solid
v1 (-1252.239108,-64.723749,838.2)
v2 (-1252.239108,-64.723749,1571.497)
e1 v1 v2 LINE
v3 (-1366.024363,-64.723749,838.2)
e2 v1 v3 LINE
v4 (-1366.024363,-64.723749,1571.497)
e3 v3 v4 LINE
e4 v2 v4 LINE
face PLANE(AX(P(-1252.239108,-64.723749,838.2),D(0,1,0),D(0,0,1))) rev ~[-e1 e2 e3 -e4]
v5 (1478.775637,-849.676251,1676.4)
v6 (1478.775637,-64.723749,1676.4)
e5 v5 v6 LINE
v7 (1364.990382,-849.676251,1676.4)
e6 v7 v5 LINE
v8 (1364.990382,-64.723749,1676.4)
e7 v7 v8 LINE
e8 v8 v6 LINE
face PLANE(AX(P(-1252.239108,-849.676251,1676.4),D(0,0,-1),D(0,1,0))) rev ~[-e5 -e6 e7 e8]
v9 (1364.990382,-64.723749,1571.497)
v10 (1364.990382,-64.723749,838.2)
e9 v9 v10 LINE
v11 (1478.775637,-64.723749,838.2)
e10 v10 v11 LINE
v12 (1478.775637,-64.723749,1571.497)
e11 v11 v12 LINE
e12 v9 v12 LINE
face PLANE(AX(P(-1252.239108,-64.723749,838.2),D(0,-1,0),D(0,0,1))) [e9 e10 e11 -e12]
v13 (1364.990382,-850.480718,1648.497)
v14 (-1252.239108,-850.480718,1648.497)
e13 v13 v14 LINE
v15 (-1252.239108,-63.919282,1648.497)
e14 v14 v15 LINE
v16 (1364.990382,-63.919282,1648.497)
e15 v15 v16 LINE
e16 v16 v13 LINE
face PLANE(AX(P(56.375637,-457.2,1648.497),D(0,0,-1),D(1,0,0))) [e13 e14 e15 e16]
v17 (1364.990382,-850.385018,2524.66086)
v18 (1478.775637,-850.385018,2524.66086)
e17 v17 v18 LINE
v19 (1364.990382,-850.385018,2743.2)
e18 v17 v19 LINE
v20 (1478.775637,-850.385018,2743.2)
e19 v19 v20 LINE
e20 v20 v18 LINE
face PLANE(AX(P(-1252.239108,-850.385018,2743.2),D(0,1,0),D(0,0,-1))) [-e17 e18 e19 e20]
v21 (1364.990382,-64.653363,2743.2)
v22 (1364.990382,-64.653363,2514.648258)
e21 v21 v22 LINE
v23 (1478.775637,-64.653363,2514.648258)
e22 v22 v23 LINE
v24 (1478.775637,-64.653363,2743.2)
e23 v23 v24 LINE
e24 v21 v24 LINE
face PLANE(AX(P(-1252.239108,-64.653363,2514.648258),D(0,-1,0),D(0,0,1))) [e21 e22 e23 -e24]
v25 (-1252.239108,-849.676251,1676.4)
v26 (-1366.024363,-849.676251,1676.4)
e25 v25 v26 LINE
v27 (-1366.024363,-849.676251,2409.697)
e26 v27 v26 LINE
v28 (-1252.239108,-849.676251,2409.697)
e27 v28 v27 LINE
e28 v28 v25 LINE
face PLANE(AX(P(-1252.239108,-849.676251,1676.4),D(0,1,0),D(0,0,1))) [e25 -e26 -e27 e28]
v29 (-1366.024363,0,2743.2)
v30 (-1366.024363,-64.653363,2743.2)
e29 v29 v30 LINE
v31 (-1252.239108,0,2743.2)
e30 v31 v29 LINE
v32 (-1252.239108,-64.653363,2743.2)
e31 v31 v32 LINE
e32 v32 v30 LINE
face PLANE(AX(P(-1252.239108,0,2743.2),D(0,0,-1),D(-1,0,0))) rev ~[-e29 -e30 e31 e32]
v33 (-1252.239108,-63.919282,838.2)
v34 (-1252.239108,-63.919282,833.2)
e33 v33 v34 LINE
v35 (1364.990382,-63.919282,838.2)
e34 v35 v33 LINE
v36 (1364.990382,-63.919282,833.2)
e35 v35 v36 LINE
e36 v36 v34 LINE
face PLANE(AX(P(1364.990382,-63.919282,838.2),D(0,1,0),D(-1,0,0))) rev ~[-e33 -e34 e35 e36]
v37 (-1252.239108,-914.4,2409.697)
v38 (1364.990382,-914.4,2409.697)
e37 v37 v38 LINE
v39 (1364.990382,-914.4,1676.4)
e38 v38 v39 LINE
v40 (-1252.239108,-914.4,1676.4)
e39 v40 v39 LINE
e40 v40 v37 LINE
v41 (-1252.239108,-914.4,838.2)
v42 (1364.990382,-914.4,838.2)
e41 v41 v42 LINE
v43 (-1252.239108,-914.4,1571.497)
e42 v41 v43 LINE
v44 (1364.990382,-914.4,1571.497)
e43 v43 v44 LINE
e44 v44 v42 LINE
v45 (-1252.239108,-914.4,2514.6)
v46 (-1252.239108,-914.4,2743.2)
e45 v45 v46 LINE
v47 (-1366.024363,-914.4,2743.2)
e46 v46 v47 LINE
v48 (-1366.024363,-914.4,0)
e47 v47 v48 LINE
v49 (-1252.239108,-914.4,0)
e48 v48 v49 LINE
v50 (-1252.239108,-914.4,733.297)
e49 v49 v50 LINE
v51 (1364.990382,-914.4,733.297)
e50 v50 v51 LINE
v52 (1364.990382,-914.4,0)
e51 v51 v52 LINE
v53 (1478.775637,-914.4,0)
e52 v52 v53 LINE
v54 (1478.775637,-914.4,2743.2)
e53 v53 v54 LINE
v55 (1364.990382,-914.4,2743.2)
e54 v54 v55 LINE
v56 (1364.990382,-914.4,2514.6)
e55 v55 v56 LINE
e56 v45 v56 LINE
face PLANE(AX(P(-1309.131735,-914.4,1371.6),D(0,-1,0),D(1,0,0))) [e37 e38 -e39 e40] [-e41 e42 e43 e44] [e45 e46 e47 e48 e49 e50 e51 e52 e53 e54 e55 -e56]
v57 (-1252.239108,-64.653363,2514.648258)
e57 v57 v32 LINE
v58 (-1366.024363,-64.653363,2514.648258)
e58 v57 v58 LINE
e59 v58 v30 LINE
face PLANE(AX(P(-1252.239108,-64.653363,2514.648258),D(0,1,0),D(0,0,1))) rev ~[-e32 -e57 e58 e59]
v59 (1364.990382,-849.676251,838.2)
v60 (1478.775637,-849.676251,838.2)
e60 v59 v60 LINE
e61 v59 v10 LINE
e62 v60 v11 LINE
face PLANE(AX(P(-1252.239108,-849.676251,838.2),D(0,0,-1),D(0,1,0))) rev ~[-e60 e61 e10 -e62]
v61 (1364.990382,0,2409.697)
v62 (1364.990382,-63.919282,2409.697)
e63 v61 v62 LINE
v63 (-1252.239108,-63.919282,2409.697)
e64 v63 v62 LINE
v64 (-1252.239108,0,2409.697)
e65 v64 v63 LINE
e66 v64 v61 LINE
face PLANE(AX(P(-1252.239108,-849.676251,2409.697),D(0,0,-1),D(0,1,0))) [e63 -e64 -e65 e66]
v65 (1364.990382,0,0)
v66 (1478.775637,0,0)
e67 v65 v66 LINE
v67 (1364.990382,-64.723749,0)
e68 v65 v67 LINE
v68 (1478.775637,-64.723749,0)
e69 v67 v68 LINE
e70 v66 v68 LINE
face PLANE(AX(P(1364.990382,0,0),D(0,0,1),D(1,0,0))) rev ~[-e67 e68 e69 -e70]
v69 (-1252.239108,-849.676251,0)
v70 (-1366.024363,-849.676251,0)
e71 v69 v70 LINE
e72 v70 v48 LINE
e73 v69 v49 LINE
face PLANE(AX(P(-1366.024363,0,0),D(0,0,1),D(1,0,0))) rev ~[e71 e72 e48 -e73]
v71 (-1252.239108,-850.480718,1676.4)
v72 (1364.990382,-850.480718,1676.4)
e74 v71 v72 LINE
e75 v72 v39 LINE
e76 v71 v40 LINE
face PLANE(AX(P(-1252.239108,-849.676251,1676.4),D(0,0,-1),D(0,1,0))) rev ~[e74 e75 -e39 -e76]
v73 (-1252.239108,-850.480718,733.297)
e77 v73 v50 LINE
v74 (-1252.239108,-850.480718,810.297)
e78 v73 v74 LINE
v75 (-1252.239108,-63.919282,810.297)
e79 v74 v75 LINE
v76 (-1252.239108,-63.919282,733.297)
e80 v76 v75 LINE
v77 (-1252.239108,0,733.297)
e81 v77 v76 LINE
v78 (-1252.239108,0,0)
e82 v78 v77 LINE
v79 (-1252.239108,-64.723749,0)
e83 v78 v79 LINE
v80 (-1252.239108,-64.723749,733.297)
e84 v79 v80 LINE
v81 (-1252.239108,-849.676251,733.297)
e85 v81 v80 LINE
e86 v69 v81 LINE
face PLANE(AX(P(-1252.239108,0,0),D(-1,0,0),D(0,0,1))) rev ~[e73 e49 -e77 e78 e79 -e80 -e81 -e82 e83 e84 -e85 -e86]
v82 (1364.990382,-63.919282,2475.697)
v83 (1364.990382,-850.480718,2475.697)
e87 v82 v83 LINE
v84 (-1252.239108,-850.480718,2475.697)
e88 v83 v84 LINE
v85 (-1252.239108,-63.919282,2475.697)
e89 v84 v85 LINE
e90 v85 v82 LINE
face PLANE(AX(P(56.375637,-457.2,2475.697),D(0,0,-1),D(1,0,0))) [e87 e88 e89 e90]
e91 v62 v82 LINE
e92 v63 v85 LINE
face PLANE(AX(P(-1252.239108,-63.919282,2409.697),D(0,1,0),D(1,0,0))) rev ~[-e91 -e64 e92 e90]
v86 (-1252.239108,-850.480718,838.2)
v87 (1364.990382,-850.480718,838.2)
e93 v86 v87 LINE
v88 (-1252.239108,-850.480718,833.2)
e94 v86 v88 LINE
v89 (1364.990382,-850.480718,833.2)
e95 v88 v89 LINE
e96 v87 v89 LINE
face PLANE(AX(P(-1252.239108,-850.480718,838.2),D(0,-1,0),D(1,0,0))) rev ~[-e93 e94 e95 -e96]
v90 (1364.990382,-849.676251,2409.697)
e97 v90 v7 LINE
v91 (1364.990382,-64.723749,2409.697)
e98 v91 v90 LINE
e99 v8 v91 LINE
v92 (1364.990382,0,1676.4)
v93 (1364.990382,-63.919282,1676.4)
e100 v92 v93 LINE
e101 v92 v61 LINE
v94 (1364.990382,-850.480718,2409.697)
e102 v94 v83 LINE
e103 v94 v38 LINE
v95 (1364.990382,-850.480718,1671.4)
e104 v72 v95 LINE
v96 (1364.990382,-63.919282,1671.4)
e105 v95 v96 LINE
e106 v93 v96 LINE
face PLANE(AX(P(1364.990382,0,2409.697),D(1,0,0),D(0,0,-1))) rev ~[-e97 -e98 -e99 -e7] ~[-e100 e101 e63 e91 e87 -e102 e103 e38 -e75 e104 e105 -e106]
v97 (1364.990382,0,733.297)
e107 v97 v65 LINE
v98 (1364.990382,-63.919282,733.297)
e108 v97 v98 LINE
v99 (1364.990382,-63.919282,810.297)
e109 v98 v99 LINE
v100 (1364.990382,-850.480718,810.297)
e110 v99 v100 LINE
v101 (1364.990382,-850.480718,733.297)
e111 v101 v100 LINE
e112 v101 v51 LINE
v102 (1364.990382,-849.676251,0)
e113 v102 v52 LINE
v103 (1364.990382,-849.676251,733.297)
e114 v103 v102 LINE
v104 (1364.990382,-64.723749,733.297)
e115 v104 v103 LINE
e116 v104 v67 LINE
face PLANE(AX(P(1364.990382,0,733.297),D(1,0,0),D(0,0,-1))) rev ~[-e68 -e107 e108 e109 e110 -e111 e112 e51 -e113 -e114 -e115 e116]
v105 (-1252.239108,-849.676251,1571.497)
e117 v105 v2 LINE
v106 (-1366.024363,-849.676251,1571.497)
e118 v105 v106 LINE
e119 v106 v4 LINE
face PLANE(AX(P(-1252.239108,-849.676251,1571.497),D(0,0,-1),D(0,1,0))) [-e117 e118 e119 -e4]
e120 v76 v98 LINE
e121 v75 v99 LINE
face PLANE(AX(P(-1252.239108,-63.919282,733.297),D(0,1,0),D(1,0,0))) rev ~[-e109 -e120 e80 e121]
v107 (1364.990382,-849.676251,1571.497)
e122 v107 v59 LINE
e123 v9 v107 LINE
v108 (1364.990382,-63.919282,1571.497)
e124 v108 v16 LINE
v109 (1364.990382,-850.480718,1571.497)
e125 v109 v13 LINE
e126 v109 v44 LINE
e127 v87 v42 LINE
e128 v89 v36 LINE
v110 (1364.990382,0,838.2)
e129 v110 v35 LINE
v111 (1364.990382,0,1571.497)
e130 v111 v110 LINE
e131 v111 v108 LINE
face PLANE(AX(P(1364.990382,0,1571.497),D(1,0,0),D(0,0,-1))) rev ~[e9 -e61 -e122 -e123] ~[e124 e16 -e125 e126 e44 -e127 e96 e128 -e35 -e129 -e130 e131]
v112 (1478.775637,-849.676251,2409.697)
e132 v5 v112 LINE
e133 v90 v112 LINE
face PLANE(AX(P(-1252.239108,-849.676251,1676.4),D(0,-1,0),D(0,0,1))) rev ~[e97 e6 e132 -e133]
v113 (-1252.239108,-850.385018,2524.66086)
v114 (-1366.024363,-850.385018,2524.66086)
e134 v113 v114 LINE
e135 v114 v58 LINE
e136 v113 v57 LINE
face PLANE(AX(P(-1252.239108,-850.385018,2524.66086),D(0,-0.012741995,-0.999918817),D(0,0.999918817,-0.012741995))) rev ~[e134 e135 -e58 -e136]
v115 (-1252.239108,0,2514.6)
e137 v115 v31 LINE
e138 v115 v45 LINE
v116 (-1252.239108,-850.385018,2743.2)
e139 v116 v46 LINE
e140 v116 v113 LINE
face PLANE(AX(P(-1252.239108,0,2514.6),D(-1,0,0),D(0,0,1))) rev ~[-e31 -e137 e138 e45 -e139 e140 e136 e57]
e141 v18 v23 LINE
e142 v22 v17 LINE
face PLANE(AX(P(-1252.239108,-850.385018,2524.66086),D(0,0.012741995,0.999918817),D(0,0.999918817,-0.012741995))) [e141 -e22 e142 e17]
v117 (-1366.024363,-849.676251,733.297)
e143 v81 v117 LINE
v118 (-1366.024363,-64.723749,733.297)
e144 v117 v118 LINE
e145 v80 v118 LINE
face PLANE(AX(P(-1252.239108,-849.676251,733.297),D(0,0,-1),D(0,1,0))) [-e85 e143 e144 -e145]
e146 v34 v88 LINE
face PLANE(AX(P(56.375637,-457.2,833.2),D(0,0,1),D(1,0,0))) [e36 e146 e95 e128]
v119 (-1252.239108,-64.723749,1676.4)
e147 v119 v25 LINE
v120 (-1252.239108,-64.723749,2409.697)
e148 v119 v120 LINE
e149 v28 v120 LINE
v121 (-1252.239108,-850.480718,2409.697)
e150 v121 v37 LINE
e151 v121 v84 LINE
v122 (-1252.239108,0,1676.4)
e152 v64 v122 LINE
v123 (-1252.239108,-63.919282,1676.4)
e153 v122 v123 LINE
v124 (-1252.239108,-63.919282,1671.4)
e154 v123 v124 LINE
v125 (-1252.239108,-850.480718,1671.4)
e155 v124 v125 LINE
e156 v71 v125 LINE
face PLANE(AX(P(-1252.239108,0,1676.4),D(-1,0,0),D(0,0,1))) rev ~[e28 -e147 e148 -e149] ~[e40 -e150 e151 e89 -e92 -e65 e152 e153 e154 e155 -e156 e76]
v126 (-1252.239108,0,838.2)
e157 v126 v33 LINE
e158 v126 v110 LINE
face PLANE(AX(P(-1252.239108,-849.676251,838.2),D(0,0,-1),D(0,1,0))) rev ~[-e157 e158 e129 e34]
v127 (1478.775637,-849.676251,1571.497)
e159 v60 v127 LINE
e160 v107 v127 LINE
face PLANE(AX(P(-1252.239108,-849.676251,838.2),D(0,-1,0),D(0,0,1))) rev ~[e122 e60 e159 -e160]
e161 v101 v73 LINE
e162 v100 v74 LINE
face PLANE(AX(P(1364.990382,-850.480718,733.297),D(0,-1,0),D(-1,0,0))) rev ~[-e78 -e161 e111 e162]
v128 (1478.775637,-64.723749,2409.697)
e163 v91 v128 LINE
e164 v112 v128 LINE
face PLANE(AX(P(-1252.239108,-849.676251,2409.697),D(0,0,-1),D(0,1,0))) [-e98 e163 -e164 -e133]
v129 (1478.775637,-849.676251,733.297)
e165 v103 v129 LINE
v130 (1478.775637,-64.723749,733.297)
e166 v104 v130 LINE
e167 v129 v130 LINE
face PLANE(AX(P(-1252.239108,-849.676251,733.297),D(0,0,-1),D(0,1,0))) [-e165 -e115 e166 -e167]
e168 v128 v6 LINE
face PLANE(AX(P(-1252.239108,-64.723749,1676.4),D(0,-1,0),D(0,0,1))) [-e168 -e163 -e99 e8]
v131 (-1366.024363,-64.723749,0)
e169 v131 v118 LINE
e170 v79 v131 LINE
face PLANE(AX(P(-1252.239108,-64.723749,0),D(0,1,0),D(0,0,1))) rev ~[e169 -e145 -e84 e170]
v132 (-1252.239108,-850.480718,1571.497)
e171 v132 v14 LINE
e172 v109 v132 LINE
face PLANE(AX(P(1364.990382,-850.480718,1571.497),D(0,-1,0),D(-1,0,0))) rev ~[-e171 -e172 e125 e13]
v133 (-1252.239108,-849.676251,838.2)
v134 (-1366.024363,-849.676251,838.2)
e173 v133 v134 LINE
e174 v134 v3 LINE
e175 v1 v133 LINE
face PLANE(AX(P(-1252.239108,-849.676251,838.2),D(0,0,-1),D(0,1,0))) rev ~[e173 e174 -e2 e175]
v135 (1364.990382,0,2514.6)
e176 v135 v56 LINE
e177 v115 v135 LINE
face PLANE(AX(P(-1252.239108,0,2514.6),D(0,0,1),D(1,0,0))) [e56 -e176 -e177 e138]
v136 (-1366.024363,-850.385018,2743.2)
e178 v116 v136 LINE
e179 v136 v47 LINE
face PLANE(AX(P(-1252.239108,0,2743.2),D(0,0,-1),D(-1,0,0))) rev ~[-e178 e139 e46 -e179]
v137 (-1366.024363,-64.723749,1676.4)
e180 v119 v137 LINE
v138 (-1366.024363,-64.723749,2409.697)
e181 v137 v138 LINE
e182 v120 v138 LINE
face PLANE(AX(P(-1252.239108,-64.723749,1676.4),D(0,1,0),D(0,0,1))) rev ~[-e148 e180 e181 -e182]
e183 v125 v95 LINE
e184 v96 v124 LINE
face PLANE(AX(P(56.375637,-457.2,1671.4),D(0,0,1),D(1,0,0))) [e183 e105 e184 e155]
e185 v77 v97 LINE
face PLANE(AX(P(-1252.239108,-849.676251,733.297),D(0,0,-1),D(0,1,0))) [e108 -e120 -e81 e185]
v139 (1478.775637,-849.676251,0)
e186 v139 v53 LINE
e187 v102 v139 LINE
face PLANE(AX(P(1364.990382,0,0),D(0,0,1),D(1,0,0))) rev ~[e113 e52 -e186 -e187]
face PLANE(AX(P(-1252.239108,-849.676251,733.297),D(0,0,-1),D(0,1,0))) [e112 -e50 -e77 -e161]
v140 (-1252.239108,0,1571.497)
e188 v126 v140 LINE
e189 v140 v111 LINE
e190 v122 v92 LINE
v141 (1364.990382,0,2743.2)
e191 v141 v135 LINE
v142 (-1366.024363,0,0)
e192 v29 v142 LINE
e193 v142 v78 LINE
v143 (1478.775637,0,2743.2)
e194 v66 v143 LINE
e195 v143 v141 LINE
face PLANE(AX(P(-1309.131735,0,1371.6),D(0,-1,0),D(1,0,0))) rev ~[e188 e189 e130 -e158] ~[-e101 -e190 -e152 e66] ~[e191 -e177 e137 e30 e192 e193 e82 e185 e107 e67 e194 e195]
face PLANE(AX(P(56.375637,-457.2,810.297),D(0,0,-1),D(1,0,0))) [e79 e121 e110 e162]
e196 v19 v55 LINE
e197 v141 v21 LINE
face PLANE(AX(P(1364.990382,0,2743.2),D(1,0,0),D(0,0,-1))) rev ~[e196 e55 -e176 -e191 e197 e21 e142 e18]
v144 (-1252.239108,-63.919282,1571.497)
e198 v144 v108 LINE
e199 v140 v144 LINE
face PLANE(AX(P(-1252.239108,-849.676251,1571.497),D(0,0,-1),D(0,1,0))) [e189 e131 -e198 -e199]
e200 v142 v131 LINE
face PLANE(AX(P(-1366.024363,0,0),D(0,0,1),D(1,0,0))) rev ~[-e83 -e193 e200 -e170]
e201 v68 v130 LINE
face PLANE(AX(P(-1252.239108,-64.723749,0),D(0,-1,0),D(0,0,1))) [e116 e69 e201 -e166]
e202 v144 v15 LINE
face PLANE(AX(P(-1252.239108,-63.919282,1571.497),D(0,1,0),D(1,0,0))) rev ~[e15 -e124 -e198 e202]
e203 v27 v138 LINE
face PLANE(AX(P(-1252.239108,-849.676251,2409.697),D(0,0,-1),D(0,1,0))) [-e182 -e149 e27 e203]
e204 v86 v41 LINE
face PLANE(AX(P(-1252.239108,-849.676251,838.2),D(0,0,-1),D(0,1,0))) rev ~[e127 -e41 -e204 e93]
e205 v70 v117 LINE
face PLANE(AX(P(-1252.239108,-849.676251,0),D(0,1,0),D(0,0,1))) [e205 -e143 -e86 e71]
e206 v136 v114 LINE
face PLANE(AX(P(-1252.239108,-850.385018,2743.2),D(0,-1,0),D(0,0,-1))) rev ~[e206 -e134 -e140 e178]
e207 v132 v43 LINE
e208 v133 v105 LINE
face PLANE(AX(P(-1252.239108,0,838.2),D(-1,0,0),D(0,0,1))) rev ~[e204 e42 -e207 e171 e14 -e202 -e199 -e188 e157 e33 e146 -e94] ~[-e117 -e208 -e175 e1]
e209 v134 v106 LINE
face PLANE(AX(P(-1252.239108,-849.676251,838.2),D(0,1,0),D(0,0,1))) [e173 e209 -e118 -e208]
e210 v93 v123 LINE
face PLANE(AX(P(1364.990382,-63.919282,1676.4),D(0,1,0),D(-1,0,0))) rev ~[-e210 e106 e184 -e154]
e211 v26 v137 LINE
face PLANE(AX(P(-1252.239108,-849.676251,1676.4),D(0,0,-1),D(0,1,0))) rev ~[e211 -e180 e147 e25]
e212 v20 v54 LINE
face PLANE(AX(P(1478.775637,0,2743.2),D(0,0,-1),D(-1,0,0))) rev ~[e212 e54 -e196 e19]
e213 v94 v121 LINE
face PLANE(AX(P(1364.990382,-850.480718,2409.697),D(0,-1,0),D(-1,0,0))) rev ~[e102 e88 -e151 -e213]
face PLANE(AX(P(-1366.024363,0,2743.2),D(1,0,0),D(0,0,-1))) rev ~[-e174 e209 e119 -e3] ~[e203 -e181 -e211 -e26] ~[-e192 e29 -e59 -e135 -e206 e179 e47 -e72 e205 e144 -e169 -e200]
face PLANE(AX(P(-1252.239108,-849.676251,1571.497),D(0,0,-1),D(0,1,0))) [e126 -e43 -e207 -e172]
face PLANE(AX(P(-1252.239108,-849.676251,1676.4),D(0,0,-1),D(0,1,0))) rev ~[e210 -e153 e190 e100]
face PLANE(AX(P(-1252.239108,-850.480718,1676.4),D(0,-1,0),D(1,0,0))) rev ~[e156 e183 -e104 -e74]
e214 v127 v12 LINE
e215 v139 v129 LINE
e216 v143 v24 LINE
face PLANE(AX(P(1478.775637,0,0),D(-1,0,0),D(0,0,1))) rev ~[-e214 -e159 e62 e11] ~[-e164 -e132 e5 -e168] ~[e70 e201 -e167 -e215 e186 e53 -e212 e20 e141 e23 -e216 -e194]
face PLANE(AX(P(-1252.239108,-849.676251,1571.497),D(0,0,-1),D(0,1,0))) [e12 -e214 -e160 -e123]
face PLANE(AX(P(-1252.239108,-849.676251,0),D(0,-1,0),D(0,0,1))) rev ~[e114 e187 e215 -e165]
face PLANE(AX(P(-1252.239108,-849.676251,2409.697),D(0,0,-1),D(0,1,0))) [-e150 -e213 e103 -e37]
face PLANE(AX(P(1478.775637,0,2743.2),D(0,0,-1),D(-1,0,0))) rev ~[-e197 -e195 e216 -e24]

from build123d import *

# Parameters (mm, degrees)
F0_W          = 2617.2294904932
F0_H          = 104.903
F1_DEPTH      = 914.4
F2_W          = 784.9525028229
F2_H          = 733.297
F3_DEPTH      = 113.7862547534
F3_DEPTH_BACK = 5040
F4_W          = 784.9525028229
F4_H          = 733.297
F5_DEPTH      = 113.7862547534
F5_DEPTH_BACK = 3796
F6_W          = 784.9525028229
F6_H          = 733.297
F7_DEPTH      = 113.7862547534
F7_DEPTH_BACK = 4910
F9_DEPTH      = 650
F9_DEPTH_BACK = 3377
F11_DEPTH     = 66
F13_DEPTH     = 77
F15_DEPTH     = 77
F17_DEPTH     = 5
F19_DEPTH     = 5


with BuildPart() as f1:
    # F0 (on Front) → F1 (new body)
    with BuildSketch(Plane.XZ):
        Polygon((-1366.024362839, 2743.2), (-1366.024362839, 0), (-1252.2391080856, 0), (-1252.2391080856, 733.297), (-1252.2391080856, 838.2), (-1252.2391080856, 1571.497), (-1252.2391080856, 1676.4), (-1252.2391080856, 2409.697), (-1252.2391080856, 2514.6), (-1252.2391080856, 2743.2), align=None)
        with Locations((56.375637161, 2462.1485)):
            Rectangle(F0_W, F0_H)
        Polygon((1364.9903824076, 838.2), (1364.9903824076, 733.297), (1364.9903824076, 0), (1478.775637161, 0), (1478.775637161, 2743.2), (1364.9903824076, 2743.2), (1364.9903824076, 2514.6), (1364.9903824076, 2409.697), (1364.9903824076, 1676.4), (1364.9903824076, 1571.497), align=None)
        with Locations((56.375637161, 1623.9485)):
            Rectangle(F0_W, F0_H)
        with Locations((56.375637161, 785.7485)):
            Rectangle(F0_W, F0_H)
    extrude(amount=F1_DEPTH)

    # F2 (on face) → F3 (cut, two sides)
    with BuildSketch(Plane.YZ.offset(-1252.2391080856)) as f3_sk:
        with Locations((-457.2, 2043.0485)):
            Rectangle(F2_W, F2_H)
    extrude(amount=-F3_DEPTH, mode=Mode.SUBTRACT)
    extrude(f3_sk.sketch, amount=F3_DEPTH_BACK, mode=Mode.SUBTRACT)

    # F4 (on face) → F5 (cut, two sides)
    with BuildSketch(Plane.YZ.offset(-1252.2391080856)) as f5_sk:
        with Locations((-457.2, 366.6485)):
            Rectangle(F4_W, F4_H)
    extrude(amount=-F5_DEPTH, mode=Mode.SUBTRACT)
    extrude(f5_sk.sketch, amount=F5_DEPTH_BACK, mode=Mode.SUBTRACT)

    # F6 (on face) → F7 (cut, two sides)
    with BuildSketch(Plane.YZ.offset(-1252.2391080856)) as f7_sk:
        with Locations((-457.2, 1204.8485)):
            Rectangle(F6_W, F6_H)
    extrude(amount=-F7_DEPTH, mode=Mode.SUBTRACT)
    extrude(f7_sk.sketch, amount=F7_DEPTH_BACK, mode=Mode.SUBTRACT)

    # F8 (on face) → F9 (cut, two sides)
    with BuildSketch(Plane.YZ.offset(-1252.2391080856)) as f9_sk:
        Polygon((-850.3850175618, 2743.2), (-850.3850175618, 2524.6608597206), (-64.6533628224, 2514.6482582703), (-64.6533628224, 2743.2), align=None)
    extrude(amount=-F9_DEPTH, mode=Mode.SUBTRACT)
    extrude(f9_sk.sketch, amount=F9_DEPTH_BACK, mode=Mode.SUBTRACT)

    # F10 (on face) → F11 (cut)
    with BuildSketch(Plane(origin=(0, 0, 2409.697), x_dir=(1, 0, 0), z_dir=(0, 0, -1))):
        Polygon((1364.9903824076, 850.4807184756), (-1252.2391080856, 850.4807184756), (-1252.2391080856, 849.6762514114), (-1252.2391080856, 64.7237485886), (-1252.2391080856, 63.9192815244), (1364.9903824076, 63.9192815244), (1364.9903824076, 64.7237485886), (1364.9903824076, 849.6762514114), align=None)
    extrude(amount=-F11_DEPTH, mode=Mode.SUBTRACT)

    # F12 (on face) → F13 (cut)
    with BuildSketch(Plane(origin=(0, 0, 1571.497), x_dir=(1, 0, 0), z_dir=(0, 0, -1))):
        Polygon((1364.9903824076, 850.4807184756), (-1252.2391080856, 850.4807184756), (-1252.2391080856, 849.6762514114), (-1252.2391080856, 64.7237485886), (-1252.2391080856, 63.9192815244), (1364.9903824076, 63.9192815244), (1364.9903824076, 64.7237485886), (1364.9903824076, 849.6762514114), align=None)
    extrude(amount=-F13_DEPTH, mode=Mode.SUBTRACT)

    # F14 (on face) + F3_face1 (on face) → F15 (cut)
    with BuildSketch(Plane(origin=(0, 0, 733.297), x_dir=(1, 0, 0), z_dir=(0, 0, -1))):
        Polygon((1364.9903824076, 850.4807184756), (-1252.2391080856, 850.4807184756), (-1252.2391080856, 849.6762514114), (-1252.2391080856, 64.7237485886), (-1252.2391080856, 63.9192815244), (1364.9903824076, 63.9192815244), (1364.9903824076, 64.7237485886), (1364.9903824076, 849.6762514114), align=None)
    with BuildSketch(Plane(origin=(56.375637161, -457.2, 1676.4), x_dir=(1, 0, 0), z_dir=(0, 0, 1))):
        Polygon((-1308.6147452466, 392.4762514114), (-1422.4, 392.4762514114), (-1422.4, -392.4762514114), (-1308.6147452466, -392.4762514114), (-1308.6147452466, -457.2), (1308.6147452466, -457.2), (1308.6147452466, -392.4762514114), (1422.4, -392.4762514114), (1422.4, 392.4762514114), (1308.6147452466, 392.4762514114), (1308.6147452466, 457.2), (-1308.6147452466, 457.2), align=None)
    extrude(amount=-F15_DEPTH, dir=(0, 0, -1), mode=Mode.SUBTRACT)

    # F16 (on face) → F17 (cut)
    with BuildSketch(Plane.XY.offset(1676.4)):
        Polygon((1364.9903824076, -63.9192815244), (-1252.2391080856, -63.9192815244), (-1252.2391080856, -64.7237485886), (-1252.2391080856, -849.6762514114), (-1252.2391080856, -850.4807184756), (1364.9903824076, -850.4807184756), (1364.9903824076, -849.6762514114), (1364.9903824076, -64.7237485886), align=None)
    extrude(amount=-F17_DEPTH, mode=Mode.SUBTRACT)

    # F18 (on face) → F19 (cut)
    with BuildSketch(Plane.XY.offset(838.2)):
        Polygon((1364.9903824076, -63.9192815244), (-1252.2391080856, -63.9192815244), (-1252.2391080856, -64.7237485886), (-1252.2391080856, -849.6762514114), (-1252.2391080856, -850.4807184756), (1364.9903824076, -850.4807184756), (1364.9903824076, -849.6762514114), (1364.9903824076, -64.7237485886), align=None)
    extrude(amount=-F19_DEPTH, mode=Mode.SUBTRACT)


solid = f1.part
